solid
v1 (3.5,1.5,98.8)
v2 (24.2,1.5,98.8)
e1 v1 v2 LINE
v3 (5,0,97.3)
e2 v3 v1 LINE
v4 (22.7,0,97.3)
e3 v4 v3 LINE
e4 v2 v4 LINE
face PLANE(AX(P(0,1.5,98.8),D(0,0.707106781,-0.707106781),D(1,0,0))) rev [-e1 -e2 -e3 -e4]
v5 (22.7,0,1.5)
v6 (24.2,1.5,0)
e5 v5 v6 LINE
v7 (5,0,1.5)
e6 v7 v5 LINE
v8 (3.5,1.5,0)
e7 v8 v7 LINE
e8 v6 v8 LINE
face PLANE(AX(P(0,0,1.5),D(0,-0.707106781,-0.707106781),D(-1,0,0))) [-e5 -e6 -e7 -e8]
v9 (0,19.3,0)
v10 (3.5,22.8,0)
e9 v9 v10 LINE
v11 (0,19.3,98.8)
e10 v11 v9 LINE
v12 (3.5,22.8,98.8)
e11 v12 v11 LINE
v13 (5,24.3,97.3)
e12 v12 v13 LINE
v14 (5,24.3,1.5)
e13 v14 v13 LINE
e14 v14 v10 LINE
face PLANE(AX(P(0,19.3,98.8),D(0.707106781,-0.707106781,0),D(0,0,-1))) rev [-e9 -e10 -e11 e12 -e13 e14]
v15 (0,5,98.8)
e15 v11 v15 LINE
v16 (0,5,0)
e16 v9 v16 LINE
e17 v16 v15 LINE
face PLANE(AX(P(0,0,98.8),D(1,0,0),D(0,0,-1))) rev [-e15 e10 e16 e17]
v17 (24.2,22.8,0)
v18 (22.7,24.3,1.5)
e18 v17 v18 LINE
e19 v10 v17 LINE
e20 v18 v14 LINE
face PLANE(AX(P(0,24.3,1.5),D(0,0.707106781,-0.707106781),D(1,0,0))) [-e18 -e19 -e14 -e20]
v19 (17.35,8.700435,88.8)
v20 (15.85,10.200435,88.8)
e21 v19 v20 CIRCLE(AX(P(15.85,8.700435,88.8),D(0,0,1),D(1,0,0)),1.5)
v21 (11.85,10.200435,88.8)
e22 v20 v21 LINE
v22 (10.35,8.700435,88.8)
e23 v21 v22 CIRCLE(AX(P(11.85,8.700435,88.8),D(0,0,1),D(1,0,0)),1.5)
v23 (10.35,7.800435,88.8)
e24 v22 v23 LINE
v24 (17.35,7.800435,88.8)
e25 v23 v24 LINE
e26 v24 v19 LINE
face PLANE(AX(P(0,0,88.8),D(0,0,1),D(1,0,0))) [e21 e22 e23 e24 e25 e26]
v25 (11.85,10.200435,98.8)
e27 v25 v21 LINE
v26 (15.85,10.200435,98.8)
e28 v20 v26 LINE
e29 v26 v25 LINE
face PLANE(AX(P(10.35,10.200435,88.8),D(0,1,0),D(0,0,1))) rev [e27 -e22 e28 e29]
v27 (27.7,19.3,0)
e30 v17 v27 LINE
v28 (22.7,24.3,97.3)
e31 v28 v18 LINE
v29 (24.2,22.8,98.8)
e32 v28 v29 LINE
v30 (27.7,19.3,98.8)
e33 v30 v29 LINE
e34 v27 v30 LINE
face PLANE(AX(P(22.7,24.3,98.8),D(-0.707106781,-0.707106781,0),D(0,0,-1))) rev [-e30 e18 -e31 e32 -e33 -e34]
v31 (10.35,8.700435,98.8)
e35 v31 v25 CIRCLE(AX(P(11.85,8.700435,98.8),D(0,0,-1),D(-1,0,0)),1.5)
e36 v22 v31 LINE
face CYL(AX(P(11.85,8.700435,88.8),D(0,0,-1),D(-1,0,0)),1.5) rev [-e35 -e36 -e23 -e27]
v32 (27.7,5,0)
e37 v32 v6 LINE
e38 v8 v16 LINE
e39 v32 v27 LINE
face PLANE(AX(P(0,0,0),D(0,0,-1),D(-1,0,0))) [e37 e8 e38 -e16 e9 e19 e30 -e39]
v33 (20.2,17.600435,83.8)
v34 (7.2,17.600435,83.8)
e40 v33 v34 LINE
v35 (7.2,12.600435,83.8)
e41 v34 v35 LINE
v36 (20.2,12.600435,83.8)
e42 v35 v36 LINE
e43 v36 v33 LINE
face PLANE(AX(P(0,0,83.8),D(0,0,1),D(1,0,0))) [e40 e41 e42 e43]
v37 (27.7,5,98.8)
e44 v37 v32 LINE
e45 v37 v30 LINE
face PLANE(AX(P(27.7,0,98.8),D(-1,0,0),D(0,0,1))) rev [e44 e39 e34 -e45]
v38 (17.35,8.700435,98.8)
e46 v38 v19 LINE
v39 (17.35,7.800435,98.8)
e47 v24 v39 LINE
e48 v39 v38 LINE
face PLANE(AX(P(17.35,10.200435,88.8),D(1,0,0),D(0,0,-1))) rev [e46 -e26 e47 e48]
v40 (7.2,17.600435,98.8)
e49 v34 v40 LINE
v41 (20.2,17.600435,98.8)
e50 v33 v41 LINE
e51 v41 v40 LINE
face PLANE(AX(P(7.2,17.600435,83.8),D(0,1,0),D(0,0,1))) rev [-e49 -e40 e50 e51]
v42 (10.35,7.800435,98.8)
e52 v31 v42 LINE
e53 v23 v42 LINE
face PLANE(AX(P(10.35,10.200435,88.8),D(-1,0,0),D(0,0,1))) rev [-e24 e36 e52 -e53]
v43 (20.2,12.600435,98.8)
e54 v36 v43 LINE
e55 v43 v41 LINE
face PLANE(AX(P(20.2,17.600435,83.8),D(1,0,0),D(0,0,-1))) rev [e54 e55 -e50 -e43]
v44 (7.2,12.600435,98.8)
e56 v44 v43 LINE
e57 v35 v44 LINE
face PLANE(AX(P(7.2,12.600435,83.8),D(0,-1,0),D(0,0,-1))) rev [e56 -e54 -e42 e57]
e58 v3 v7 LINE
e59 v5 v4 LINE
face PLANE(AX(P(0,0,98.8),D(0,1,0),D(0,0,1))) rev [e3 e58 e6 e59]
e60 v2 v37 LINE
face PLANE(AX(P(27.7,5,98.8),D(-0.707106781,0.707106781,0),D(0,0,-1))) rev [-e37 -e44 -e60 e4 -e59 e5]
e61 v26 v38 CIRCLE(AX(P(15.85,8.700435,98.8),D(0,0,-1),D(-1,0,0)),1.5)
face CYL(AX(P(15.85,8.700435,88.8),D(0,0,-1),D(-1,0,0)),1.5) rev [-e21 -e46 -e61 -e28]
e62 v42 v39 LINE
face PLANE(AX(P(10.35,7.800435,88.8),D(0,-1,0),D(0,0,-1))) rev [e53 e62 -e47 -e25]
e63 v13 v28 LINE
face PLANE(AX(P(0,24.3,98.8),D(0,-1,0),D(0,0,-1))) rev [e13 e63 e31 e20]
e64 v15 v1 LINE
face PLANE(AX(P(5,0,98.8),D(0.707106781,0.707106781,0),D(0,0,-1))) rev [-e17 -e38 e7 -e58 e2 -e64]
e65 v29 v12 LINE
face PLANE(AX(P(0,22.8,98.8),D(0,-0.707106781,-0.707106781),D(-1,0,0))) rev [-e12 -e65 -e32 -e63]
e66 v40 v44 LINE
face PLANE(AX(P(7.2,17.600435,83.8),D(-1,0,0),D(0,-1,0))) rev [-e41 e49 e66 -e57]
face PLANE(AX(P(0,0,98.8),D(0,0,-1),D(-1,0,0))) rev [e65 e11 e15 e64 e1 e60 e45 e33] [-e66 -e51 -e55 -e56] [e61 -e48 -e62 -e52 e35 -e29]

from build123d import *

# Parameters (mm, degrees)
SKETCH1_W           = 27.7
SKETCH1_H           = 24.3
BOSS_EXTRUDE1_DEPTH = 98.8
CHAMFER1_SIZE       = 5
CHAMFER2_SIZE       = 1.5
SKETCH2_W           = 13
SKETCH2_H           = 5
CUT_EXTRUDE1_DEPTH  = 15
SKETCH3_W           = 7
SKETCH3_H           = 2.4
CUT_EXTRUDE3_DEPTH  = 10
FILLET1_R           = 1.5


with BuildPart() as part:
    # Sketch1 → Boss-Extrude1 (new body)
    with BuildSketch(Plane.XY):
        with Locations((13.85, 12.15)):
            Rectangle(SKETCH1_W, SKETCH1_H)
    extrude(amount=BOSS_EXTRUDE1_DEPTH)

    # Chamfer1
    chamfer1_edges = [part.edges().sort_by_distance(p)[0] for p in [
        (0, 24.3, 49.4),
        (27.7, 24.3, 49.4),
        (27.7, 0, 49.4),
        (0, 0, 49.4),
    ]]
    chamfer(chamfer1_edges, length=CHAMFER1_SIZE)

    # Chamfer2
    chamfer2_edges = [part.edges().sort_by_distance(p)[0] for p in [
        (13.85, 24.3, 0),
        (13.85, 0, 0),
        (13.85, 24.3, 98.8),
        (13.85, 0, 98.8),
    ]]
    chamfer(chamfer2_edges, length=CHAMFER2_SIZE)

    # Sketch2 → Cut-Extrude1 (cut)
    with BuildSketch(Plane.XY.offset(98.8)):
        with Locations((13.7, 15.100435324)):
            Rectangle(SKETCH2_W, SKETCH2_H)
    extrude(amount=-CUT_EXTRUDE1_DEPTH, mode=Mode.SUBTRACT)

    # Sketch3 → Cut-Extrude3 (cut)
    with BuildSketch(Plane.XY.offset(98.8)):
        with Locations((13.85, 9.000435324)):
            Rectangle(SKETCH3_W, SKETCH3_H)
    extrude(amount=-CUT_EXTRUDE3_DEPTH, mode=Mode.SUBTRACT)

    # Fillet1
    fillet1_edges = [part.edges().sort_by_distance(p)[0] for p in [
        (10.35, 10.200435324, 93.8),
        (17.35, 10.200435324, 93.8),
    ]]
    fillet(fillet1_edges, radius=FILLET1_R)


solid = part.part
